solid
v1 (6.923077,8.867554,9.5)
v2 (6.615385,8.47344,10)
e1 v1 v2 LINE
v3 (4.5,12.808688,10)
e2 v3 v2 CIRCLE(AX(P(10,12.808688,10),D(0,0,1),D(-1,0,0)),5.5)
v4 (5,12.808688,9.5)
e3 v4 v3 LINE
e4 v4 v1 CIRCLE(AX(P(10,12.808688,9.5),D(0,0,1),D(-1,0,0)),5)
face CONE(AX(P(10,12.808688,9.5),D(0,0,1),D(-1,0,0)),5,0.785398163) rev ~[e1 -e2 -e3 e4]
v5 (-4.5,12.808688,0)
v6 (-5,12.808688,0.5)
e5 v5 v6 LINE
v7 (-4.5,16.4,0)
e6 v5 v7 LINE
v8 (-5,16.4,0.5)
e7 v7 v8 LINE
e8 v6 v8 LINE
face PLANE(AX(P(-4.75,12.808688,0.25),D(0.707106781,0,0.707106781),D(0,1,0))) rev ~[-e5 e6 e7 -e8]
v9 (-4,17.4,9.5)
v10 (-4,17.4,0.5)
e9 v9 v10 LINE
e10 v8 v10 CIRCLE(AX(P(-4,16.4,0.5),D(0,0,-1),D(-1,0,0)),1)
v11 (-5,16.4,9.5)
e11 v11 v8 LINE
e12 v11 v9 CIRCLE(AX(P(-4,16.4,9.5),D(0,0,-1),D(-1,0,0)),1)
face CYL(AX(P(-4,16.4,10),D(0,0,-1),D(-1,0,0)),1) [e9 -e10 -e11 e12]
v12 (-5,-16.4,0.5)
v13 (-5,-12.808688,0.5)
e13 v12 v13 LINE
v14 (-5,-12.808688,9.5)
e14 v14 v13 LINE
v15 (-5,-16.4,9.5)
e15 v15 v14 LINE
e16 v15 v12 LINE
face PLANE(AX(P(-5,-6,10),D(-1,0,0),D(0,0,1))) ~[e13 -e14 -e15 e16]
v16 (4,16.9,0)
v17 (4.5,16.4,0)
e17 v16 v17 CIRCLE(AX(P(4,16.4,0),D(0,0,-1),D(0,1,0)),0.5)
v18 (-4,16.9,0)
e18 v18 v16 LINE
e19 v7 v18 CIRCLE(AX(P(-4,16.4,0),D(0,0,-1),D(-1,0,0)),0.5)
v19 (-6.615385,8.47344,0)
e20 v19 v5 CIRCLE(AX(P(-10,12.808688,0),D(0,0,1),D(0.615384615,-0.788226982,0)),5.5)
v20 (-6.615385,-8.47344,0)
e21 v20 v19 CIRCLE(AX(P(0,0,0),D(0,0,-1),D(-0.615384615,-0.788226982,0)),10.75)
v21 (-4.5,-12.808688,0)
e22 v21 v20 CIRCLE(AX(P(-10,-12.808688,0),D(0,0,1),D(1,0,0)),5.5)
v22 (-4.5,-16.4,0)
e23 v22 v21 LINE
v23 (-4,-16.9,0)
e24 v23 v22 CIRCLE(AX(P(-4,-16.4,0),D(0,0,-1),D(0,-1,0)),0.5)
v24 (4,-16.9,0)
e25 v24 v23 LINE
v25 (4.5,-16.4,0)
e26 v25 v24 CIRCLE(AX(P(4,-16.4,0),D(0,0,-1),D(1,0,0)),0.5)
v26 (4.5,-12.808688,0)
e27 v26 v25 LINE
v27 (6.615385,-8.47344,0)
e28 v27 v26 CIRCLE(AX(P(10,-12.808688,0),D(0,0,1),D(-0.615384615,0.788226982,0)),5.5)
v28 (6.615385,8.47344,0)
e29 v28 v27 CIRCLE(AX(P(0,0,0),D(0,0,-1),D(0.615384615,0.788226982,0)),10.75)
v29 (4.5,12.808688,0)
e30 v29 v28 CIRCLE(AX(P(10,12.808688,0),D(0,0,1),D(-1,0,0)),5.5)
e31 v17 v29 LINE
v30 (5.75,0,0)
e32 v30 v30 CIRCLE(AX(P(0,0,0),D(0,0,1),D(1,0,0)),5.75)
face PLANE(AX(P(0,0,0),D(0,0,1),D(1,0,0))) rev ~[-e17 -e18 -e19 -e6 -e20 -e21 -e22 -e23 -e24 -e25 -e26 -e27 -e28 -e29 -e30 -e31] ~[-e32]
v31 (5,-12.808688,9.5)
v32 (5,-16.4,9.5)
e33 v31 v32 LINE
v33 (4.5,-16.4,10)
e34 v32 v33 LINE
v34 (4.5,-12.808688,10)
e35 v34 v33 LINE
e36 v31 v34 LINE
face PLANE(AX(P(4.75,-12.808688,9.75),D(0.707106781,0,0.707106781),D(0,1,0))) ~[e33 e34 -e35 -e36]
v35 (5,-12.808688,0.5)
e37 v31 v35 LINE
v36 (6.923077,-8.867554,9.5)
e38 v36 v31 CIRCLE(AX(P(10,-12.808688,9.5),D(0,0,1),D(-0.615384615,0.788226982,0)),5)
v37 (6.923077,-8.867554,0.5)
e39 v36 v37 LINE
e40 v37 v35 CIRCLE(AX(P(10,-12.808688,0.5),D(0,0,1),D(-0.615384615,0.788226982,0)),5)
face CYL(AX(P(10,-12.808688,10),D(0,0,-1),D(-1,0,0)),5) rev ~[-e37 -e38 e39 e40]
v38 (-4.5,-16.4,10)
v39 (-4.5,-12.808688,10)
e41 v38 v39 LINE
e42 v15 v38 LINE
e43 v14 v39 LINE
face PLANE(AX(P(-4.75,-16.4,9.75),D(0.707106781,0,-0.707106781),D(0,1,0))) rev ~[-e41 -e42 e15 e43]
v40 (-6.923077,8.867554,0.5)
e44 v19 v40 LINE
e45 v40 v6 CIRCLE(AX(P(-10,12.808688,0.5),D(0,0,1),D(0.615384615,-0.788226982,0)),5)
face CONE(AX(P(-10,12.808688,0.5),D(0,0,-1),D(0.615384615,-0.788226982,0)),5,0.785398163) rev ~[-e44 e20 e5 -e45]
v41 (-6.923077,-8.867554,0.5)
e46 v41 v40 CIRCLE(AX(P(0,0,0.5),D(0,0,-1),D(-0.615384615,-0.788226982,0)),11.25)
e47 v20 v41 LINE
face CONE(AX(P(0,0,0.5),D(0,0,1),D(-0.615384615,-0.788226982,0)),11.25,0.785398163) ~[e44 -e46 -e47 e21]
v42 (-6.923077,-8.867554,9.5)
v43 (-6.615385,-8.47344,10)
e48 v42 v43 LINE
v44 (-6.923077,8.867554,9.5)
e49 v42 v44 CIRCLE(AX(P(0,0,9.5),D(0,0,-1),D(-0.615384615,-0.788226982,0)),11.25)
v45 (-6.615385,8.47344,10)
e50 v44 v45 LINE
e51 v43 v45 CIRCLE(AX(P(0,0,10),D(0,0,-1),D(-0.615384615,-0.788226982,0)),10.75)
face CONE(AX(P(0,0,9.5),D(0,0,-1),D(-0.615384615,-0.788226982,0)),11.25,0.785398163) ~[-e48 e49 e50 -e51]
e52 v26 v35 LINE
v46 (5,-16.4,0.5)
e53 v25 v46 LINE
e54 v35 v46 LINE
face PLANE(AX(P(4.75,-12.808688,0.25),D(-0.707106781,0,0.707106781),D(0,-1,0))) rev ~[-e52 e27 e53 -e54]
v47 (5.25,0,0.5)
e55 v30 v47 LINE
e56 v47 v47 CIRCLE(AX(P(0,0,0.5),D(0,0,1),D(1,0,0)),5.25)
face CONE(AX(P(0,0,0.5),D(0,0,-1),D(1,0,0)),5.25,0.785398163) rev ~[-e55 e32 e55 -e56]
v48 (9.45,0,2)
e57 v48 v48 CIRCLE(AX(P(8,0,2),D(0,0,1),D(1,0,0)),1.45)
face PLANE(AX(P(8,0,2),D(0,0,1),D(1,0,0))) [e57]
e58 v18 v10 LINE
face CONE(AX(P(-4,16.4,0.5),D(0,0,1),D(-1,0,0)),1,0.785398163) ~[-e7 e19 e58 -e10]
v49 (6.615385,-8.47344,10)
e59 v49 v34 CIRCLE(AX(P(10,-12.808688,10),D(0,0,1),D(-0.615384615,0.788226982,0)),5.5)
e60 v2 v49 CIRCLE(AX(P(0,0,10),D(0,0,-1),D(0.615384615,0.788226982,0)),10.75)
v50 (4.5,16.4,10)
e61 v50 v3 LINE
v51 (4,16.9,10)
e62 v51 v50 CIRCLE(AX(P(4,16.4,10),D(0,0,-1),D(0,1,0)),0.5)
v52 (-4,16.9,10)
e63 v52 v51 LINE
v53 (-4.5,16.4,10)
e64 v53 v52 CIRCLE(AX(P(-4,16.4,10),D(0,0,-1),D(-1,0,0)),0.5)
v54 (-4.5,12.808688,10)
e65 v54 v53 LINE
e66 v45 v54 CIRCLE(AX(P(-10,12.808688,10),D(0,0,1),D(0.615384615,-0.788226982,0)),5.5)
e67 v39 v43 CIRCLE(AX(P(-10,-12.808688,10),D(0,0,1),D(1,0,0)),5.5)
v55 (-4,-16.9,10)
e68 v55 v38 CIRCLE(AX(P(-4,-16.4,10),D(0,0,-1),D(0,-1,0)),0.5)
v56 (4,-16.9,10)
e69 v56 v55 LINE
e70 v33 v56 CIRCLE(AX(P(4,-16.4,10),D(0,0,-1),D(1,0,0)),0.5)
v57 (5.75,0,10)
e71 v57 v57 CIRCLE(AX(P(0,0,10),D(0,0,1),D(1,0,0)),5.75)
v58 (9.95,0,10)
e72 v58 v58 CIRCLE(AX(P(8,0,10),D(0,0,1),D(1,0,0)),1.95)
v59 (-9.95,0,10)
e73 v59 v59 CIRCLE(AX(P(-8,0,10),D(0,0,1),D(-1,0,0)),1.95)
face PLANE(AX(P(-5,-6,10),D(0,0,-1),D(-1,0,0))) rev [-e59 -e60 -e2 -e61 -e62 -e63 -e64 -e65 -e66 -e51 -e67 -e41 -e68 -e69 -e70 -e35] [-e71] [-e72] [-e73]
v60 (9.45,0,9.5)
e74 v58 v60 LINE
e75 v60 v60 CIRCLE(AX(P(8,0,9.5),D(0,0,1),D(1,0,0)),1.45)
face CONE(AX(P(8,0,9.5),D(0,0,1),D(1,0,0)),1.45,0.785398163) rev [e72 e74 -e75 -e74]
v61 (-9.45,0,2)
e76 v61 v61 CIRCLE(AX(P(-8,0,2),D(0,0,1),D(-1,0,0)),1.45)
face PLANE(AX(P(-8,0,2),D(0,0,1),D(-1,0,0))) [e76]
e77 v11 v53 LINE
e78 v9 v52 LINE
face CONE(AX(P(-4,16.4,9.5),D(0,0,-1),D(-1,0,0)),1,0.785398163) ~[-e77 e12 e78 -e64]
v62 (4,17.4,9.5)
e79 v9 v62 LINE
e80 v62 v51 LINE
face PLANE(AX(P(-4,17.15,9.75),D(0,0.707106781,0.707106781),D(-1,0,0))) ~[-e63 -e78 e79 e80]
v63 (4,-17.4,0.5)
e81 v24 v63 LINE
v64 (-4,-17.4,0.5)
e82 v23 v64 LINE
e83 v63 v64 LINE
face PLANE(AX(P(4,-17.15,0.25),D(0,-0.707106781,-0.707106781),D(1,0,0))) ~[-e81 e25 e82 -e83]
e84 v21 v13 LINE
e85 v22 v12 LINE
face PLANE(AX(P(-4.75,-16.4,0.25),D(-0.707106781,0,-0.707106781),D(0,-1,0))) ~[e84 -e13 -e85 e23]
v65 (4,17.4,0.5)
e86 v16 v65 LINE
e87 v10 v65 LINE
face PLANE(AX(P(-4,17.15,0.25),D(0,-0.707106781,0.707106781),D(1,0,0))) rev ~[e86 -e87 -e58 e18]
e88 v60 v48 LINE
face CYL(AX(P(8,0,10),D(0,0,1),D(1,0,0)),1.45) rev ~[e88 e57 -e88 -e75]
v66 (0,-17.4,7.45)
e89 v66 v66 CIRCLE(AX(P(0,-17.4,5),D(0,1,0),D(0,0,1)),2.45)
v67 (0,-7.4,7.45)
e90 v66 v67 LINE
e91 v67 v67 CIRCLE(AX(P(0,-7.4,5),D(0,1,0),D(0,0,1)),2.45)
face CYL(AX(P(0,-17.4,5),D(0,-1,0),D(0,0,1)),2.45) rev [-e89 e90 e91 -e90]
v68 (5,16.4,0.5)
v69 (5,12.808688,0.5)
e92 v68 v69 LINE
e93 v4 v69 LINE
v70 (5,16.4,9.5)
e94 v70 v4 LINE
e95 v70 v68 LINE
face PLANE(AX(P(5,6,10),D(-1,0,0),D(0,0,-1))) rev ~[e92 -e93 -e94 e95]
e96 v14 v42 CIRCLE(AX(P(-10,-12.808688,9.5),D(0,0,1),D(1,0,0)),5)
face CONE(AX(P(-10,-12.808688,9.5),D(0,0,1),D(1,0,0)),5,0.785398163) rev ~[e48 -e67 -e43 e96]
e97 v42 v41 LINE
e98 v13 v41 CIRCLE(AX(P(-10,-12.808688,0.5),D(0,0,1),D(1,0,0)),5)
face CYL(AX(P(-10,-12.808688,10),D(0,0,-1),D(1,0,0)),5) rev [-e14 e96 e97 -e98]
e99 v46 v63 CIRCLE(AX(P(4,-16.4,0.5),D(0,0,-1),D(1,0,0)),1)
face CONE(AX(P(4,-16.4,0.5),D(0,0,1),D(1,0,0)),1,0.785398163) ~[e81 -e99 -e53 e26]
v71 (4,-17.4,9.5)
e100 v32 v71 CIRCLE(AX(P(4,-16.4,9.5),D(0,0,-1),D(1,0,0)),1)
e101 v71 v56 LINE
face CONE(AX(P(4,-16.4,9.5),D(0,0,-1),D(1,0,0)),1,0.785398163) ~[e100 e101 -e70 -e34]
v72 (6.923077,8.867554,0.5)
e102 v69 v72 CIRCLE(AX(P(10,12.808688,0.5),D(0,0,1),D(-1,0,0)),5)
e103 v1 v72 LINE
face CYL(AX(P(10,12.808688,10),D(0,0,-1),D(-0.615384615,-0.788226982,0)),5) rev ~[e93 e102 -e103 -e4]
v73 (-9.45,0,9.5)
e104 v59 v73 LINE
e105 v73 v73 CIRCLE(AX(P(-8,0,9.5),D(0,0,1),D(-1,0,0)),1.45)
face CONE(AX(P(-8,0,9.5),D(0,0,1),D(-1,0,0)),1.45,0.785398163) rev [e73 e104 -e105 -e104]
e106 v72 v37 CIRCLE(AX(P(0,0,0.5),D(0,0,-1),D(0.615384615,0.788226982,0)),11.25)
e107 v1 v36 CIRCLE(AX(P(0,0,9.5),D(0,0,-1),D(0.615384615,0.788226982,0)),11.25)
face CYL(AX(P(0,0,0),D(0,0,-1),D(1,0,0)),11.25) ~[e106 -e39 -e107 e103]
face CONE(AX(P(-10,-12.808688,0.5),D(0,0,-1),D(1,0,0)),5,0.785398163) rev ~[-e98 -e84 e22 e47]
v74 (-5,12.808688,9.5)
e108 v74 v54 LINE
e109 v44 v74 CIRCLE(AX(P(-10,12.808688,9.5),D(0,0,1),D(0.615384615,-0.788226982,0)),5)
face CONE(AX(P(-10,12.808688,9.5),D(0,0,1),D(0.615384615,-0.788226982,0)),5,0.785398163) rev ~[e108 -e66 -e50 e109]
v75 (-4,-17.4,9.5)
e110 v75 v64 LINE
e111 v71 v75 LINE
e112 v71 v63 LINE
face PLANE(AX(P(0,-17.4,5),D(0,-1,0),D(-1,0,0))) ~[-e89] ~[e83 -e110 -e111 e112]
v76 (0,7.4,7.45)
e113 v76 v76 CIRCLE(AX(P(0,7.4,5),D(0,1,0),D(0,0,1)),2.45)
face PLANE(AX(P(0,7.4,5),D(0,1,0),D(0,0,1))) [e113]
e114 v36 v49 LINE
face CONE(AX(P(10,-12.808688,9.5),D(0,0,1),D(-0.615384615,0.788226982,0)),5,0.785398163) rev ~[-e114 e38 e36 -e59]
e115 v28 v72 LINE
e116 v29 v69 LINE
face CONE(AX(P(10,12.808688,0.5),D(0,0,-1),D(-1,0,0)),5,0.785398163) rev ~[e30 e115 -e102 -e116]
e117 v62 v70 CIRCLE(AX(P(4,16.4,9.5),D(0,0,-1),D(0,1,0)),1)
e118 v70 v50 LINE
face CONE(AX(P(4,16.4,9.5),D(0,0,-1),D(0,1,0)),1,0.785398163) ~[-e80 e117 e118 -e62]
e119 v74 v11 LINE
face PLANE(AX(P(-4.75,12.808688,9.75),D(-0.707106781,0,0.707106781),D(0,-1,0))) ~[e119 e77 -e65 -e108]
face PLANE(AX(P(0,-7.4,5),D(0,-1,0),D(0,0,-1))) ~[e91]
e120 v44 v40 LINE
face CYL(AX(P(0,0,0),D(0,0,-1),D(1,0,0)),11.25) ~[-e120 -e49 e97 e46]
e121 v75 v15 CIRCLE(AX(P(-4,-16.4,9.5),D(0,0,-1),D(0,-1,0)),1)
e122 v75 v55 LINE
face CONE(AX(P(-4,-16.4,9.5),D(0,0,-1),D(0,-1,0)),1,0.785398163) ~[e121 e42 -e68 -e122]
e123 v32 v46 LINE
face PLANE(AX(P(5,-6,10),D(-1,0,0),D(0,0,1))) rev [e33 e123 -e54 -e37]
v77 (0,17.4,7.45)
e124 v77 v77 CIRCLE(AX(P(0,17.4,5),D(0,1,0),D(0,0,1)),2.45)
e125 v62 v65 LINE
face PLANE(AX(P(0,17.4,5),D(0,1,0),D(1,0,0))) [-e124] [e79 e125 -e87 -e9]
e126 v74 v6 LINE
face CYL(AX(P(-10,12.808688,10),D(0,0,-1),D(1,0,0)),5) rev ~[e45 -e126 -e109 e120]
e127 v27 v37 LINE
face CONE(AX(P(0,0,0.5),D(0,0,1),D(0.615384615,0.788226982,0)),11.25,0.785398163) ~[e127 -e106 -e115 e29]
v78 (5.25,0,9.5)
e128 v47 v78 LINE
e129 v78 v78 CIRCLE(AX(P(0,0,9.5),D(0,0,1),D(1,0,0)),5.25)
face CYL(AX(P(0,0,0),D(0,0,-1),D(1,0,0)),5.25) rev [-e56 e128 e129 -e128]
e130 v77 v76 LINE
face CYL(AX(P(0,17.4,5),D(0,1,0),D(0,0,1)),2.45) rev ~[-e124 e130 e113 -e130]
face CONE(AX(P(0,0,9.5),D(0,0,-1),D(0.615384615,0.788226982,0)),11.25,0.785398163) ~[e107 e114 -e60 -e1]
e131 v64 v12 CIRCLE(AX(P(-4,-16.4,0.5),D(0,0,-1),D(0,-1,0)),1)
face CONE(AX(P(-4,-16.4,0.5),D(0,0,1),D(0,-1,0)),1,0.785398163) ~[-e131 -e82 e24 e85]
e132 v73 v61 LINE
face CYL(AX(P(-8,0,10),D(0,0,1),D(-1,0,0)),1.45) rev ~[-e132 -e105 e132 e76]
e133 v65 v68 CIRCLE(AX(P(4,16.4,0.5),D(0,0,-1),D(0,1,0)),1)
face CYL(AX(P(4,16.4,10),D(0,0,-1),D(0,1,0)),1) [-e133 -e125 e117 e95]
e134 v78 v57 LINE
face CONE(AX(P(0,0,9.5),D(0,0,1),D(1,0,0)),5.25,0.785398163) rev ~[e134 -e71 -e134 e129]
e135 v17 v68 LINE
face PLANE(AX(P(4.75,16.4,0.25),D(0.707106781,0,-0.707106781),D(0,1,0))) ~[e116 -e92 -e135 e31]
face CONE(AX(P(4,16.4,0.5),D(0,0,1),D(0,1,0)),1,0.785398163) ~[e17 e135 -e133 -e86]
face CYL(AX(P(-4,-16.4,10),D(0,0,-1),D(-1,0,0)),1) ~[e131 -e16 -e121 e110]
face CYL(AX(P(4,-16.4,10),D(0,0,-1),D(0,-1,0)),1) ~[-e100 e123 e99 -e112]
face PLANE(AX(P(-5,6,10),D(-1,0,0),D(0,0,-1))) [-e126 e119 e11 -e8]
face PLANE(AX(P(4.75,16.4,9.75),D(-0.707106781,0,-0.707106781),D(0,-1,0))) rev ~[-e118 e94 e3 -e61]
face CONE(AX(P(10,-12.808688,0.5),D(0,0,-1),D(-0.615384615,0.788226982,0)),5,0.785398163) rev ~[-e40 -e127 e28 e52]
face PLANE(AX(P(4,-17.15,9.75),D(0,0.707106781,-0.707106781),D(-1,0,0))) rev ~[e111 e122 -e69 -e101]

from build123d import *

# Parameters (mm, degrees)
SKIZZE1_R                       = 11.25
SKIZZE1_R_2                     = 5.25
AUFSATZ_LINEAR_AUSTRAGEN1_DEPTH = 10
AUFSATZ_LINEAR_START            = 6
SKIZZE2_W                       = 10
SKIZZE2_H                       = 10
AUFSATZ_LINEAR_AUSTRAGEN2_DEPTH = 11.4
SKIZZE3_R                       = 2.45
SCHNITT_LINEAR_AUSTRAGEN1_DEPTH = 10
SKIZZE4_R                       = 1.45
SCHNITT_LINEAR_AUSTRAGEN2_DEPTH = 8
VERRUNDUNG2_R                   = 5
VERRUNDUNG1_R                   = 1
FASE1_SIZE                      = 0.5


with BuildPart() as part:
    # Skizze1 → Aufsatz-Linear austragen1 (new body)
    with BuildSketch(Plane.XY):
        Circle(SKIZZE1_R)
        Circle(SKIZZE1_R_2, mode=Mode.SUBTRACT)
    extrude(amount=AUFSATZ_LINEAR_AUSTRAGEN1_DEPTH)

    # Skizze2 → Aufsatz-Linear austragen2 (add)
    with BuildSketch(Plane(origin=(0, 0, 0), x_dir=(1, 0, 0), z_dir=(0, 1, 0)).offset(AUFSATZ_LINEAR_START)):
        with Locations((0, -5)):
            Rectangle(SKIZZE2_W, SKIZZE2_H)
    aufsatz_linear_austragen2 = extrude(amount=AUFSATZ_LINEAR_AUSTRAGEN2_DEPTH)

    # Skizze3 → Schnitt-Linear austragen1 (cut)
    with BuildSketch(Plane(origin=(0, 17.4, 0), x_dir=(1, 0, 0), z_dir=(0, 1, 0))):
        with Locations(Location((0, -5, 0), (0, 0, 270))):
            Circle(SKIZZE3_R)
    schnitt_linear_austragen1 = extrude(amount=-SCHNITT_LINEAR_AUSTRAGEN1_DEPTH, mode=Mode.SUBTRACT)

    # Spiegeln1: Aufsatz-Linear austragen2, Schnitt-Linear austragen1 across plane
    add(aufsatz_linear_austragen2.mirror(Plane.ZX))
    add(schnitt_linear_austragen1.mirror(Plane.ZX), mode=Mode.SUBTRACT)

    # Skizze4 → Schnitt-Linear austragen2 (cut)
    with BuildSketch(Plane.XY.offset(10)):
        with Locations((8, 0)):
            Circle(SKIZZE4_R)
        with Locations(Location((-8, 0, 0), (0, 0, 180))):
            Circle(SKIZZE4_R)
    extrude(amount=-SCHNITT_LINEAR_AUSTRAGEN2_DEPTH, mode=Mode.SUBTRACT)

    # Verrundung2
    verrundung2_edges = [part.edges().sort_by_distance(p)[0] for p in [
        (-5, 10.077822185, 5),
        (5, 10.077822185, 5),
        (5, -10.077822185, 5),
        (-5, -10.077822185, 5),
    ]]
    fillet(verrundung2_edges, radius=VERRUNDUNG2_R)

    # Verrundung1
    verrundung1_edges = [part.edges().sort_by_distance(p)[0] for p in [
        (5, 17.4, 5),
        (-5, 17.4, 5),
        (5, -17.4, 5),
        (-5, -17.4, 5),
    ]]
    fillet(verrundung1_edges, radius=VERRUNDUNG1_R)

    # Fase1
    fase1_edges = [part.edges().sort_by_distance(p)[0] for p in [
        (-5, 14.604344229, 10),
        (-5, -14.604344229, 10),
        (0, -17.4, 10),
        (5, -14.604344229, 10),
        (5, 14.604344229, 10),
        (-4.707106781, -17.107106781, 10),
        (4.707106781, -17.107106781, 10),
        (4.707106781, 17.107106781, 10),
        (-4.707106781, 17.107106781, 10),
        (-5, 14.604344229, 0),
        (5, -14.604344229, 0),
        (0, -17.4, 0),
        (-5, -14.604344229, 0),
        (5, 14.604344229, 0),
        (-4.707106781, -17.107106781, 0),
        (4.707106781, -17.107106781, 0),
        (4.707106781, 17.107106781, 0),
        (-4.707106781, 17.107106781, 0),
        (-5.25, 0, 0),
        (-5.25, 0, 10),
        (6.55, 0, 10),
        (-6.55, 0, 10),
        (-11.25, 0, 0),
        (-11.25, 0, 10),
        (11.25, 0, 10),
        (11.25, 0, 0),
        (-5.506414829, -10.616043409, 10),
        (-5.506414829, -10.616043409, 0),
        (-5.506414829, 10.616043409, 10),
        (-5.506414829, 10.616043409, 0),
        (5.506414829, 10.616043409, 0),
        (5.506414829, 10.616043409, 10),
        (5.506414829, -10.616043409, 0),
        (5.506414829, -10.616043409, 10),
        (0, 17.4, 0),
        (0, 17.4, 10),
    ]]
    chamfer(fase1_edges, length=FASE1_SIZE)


solid = part.part
